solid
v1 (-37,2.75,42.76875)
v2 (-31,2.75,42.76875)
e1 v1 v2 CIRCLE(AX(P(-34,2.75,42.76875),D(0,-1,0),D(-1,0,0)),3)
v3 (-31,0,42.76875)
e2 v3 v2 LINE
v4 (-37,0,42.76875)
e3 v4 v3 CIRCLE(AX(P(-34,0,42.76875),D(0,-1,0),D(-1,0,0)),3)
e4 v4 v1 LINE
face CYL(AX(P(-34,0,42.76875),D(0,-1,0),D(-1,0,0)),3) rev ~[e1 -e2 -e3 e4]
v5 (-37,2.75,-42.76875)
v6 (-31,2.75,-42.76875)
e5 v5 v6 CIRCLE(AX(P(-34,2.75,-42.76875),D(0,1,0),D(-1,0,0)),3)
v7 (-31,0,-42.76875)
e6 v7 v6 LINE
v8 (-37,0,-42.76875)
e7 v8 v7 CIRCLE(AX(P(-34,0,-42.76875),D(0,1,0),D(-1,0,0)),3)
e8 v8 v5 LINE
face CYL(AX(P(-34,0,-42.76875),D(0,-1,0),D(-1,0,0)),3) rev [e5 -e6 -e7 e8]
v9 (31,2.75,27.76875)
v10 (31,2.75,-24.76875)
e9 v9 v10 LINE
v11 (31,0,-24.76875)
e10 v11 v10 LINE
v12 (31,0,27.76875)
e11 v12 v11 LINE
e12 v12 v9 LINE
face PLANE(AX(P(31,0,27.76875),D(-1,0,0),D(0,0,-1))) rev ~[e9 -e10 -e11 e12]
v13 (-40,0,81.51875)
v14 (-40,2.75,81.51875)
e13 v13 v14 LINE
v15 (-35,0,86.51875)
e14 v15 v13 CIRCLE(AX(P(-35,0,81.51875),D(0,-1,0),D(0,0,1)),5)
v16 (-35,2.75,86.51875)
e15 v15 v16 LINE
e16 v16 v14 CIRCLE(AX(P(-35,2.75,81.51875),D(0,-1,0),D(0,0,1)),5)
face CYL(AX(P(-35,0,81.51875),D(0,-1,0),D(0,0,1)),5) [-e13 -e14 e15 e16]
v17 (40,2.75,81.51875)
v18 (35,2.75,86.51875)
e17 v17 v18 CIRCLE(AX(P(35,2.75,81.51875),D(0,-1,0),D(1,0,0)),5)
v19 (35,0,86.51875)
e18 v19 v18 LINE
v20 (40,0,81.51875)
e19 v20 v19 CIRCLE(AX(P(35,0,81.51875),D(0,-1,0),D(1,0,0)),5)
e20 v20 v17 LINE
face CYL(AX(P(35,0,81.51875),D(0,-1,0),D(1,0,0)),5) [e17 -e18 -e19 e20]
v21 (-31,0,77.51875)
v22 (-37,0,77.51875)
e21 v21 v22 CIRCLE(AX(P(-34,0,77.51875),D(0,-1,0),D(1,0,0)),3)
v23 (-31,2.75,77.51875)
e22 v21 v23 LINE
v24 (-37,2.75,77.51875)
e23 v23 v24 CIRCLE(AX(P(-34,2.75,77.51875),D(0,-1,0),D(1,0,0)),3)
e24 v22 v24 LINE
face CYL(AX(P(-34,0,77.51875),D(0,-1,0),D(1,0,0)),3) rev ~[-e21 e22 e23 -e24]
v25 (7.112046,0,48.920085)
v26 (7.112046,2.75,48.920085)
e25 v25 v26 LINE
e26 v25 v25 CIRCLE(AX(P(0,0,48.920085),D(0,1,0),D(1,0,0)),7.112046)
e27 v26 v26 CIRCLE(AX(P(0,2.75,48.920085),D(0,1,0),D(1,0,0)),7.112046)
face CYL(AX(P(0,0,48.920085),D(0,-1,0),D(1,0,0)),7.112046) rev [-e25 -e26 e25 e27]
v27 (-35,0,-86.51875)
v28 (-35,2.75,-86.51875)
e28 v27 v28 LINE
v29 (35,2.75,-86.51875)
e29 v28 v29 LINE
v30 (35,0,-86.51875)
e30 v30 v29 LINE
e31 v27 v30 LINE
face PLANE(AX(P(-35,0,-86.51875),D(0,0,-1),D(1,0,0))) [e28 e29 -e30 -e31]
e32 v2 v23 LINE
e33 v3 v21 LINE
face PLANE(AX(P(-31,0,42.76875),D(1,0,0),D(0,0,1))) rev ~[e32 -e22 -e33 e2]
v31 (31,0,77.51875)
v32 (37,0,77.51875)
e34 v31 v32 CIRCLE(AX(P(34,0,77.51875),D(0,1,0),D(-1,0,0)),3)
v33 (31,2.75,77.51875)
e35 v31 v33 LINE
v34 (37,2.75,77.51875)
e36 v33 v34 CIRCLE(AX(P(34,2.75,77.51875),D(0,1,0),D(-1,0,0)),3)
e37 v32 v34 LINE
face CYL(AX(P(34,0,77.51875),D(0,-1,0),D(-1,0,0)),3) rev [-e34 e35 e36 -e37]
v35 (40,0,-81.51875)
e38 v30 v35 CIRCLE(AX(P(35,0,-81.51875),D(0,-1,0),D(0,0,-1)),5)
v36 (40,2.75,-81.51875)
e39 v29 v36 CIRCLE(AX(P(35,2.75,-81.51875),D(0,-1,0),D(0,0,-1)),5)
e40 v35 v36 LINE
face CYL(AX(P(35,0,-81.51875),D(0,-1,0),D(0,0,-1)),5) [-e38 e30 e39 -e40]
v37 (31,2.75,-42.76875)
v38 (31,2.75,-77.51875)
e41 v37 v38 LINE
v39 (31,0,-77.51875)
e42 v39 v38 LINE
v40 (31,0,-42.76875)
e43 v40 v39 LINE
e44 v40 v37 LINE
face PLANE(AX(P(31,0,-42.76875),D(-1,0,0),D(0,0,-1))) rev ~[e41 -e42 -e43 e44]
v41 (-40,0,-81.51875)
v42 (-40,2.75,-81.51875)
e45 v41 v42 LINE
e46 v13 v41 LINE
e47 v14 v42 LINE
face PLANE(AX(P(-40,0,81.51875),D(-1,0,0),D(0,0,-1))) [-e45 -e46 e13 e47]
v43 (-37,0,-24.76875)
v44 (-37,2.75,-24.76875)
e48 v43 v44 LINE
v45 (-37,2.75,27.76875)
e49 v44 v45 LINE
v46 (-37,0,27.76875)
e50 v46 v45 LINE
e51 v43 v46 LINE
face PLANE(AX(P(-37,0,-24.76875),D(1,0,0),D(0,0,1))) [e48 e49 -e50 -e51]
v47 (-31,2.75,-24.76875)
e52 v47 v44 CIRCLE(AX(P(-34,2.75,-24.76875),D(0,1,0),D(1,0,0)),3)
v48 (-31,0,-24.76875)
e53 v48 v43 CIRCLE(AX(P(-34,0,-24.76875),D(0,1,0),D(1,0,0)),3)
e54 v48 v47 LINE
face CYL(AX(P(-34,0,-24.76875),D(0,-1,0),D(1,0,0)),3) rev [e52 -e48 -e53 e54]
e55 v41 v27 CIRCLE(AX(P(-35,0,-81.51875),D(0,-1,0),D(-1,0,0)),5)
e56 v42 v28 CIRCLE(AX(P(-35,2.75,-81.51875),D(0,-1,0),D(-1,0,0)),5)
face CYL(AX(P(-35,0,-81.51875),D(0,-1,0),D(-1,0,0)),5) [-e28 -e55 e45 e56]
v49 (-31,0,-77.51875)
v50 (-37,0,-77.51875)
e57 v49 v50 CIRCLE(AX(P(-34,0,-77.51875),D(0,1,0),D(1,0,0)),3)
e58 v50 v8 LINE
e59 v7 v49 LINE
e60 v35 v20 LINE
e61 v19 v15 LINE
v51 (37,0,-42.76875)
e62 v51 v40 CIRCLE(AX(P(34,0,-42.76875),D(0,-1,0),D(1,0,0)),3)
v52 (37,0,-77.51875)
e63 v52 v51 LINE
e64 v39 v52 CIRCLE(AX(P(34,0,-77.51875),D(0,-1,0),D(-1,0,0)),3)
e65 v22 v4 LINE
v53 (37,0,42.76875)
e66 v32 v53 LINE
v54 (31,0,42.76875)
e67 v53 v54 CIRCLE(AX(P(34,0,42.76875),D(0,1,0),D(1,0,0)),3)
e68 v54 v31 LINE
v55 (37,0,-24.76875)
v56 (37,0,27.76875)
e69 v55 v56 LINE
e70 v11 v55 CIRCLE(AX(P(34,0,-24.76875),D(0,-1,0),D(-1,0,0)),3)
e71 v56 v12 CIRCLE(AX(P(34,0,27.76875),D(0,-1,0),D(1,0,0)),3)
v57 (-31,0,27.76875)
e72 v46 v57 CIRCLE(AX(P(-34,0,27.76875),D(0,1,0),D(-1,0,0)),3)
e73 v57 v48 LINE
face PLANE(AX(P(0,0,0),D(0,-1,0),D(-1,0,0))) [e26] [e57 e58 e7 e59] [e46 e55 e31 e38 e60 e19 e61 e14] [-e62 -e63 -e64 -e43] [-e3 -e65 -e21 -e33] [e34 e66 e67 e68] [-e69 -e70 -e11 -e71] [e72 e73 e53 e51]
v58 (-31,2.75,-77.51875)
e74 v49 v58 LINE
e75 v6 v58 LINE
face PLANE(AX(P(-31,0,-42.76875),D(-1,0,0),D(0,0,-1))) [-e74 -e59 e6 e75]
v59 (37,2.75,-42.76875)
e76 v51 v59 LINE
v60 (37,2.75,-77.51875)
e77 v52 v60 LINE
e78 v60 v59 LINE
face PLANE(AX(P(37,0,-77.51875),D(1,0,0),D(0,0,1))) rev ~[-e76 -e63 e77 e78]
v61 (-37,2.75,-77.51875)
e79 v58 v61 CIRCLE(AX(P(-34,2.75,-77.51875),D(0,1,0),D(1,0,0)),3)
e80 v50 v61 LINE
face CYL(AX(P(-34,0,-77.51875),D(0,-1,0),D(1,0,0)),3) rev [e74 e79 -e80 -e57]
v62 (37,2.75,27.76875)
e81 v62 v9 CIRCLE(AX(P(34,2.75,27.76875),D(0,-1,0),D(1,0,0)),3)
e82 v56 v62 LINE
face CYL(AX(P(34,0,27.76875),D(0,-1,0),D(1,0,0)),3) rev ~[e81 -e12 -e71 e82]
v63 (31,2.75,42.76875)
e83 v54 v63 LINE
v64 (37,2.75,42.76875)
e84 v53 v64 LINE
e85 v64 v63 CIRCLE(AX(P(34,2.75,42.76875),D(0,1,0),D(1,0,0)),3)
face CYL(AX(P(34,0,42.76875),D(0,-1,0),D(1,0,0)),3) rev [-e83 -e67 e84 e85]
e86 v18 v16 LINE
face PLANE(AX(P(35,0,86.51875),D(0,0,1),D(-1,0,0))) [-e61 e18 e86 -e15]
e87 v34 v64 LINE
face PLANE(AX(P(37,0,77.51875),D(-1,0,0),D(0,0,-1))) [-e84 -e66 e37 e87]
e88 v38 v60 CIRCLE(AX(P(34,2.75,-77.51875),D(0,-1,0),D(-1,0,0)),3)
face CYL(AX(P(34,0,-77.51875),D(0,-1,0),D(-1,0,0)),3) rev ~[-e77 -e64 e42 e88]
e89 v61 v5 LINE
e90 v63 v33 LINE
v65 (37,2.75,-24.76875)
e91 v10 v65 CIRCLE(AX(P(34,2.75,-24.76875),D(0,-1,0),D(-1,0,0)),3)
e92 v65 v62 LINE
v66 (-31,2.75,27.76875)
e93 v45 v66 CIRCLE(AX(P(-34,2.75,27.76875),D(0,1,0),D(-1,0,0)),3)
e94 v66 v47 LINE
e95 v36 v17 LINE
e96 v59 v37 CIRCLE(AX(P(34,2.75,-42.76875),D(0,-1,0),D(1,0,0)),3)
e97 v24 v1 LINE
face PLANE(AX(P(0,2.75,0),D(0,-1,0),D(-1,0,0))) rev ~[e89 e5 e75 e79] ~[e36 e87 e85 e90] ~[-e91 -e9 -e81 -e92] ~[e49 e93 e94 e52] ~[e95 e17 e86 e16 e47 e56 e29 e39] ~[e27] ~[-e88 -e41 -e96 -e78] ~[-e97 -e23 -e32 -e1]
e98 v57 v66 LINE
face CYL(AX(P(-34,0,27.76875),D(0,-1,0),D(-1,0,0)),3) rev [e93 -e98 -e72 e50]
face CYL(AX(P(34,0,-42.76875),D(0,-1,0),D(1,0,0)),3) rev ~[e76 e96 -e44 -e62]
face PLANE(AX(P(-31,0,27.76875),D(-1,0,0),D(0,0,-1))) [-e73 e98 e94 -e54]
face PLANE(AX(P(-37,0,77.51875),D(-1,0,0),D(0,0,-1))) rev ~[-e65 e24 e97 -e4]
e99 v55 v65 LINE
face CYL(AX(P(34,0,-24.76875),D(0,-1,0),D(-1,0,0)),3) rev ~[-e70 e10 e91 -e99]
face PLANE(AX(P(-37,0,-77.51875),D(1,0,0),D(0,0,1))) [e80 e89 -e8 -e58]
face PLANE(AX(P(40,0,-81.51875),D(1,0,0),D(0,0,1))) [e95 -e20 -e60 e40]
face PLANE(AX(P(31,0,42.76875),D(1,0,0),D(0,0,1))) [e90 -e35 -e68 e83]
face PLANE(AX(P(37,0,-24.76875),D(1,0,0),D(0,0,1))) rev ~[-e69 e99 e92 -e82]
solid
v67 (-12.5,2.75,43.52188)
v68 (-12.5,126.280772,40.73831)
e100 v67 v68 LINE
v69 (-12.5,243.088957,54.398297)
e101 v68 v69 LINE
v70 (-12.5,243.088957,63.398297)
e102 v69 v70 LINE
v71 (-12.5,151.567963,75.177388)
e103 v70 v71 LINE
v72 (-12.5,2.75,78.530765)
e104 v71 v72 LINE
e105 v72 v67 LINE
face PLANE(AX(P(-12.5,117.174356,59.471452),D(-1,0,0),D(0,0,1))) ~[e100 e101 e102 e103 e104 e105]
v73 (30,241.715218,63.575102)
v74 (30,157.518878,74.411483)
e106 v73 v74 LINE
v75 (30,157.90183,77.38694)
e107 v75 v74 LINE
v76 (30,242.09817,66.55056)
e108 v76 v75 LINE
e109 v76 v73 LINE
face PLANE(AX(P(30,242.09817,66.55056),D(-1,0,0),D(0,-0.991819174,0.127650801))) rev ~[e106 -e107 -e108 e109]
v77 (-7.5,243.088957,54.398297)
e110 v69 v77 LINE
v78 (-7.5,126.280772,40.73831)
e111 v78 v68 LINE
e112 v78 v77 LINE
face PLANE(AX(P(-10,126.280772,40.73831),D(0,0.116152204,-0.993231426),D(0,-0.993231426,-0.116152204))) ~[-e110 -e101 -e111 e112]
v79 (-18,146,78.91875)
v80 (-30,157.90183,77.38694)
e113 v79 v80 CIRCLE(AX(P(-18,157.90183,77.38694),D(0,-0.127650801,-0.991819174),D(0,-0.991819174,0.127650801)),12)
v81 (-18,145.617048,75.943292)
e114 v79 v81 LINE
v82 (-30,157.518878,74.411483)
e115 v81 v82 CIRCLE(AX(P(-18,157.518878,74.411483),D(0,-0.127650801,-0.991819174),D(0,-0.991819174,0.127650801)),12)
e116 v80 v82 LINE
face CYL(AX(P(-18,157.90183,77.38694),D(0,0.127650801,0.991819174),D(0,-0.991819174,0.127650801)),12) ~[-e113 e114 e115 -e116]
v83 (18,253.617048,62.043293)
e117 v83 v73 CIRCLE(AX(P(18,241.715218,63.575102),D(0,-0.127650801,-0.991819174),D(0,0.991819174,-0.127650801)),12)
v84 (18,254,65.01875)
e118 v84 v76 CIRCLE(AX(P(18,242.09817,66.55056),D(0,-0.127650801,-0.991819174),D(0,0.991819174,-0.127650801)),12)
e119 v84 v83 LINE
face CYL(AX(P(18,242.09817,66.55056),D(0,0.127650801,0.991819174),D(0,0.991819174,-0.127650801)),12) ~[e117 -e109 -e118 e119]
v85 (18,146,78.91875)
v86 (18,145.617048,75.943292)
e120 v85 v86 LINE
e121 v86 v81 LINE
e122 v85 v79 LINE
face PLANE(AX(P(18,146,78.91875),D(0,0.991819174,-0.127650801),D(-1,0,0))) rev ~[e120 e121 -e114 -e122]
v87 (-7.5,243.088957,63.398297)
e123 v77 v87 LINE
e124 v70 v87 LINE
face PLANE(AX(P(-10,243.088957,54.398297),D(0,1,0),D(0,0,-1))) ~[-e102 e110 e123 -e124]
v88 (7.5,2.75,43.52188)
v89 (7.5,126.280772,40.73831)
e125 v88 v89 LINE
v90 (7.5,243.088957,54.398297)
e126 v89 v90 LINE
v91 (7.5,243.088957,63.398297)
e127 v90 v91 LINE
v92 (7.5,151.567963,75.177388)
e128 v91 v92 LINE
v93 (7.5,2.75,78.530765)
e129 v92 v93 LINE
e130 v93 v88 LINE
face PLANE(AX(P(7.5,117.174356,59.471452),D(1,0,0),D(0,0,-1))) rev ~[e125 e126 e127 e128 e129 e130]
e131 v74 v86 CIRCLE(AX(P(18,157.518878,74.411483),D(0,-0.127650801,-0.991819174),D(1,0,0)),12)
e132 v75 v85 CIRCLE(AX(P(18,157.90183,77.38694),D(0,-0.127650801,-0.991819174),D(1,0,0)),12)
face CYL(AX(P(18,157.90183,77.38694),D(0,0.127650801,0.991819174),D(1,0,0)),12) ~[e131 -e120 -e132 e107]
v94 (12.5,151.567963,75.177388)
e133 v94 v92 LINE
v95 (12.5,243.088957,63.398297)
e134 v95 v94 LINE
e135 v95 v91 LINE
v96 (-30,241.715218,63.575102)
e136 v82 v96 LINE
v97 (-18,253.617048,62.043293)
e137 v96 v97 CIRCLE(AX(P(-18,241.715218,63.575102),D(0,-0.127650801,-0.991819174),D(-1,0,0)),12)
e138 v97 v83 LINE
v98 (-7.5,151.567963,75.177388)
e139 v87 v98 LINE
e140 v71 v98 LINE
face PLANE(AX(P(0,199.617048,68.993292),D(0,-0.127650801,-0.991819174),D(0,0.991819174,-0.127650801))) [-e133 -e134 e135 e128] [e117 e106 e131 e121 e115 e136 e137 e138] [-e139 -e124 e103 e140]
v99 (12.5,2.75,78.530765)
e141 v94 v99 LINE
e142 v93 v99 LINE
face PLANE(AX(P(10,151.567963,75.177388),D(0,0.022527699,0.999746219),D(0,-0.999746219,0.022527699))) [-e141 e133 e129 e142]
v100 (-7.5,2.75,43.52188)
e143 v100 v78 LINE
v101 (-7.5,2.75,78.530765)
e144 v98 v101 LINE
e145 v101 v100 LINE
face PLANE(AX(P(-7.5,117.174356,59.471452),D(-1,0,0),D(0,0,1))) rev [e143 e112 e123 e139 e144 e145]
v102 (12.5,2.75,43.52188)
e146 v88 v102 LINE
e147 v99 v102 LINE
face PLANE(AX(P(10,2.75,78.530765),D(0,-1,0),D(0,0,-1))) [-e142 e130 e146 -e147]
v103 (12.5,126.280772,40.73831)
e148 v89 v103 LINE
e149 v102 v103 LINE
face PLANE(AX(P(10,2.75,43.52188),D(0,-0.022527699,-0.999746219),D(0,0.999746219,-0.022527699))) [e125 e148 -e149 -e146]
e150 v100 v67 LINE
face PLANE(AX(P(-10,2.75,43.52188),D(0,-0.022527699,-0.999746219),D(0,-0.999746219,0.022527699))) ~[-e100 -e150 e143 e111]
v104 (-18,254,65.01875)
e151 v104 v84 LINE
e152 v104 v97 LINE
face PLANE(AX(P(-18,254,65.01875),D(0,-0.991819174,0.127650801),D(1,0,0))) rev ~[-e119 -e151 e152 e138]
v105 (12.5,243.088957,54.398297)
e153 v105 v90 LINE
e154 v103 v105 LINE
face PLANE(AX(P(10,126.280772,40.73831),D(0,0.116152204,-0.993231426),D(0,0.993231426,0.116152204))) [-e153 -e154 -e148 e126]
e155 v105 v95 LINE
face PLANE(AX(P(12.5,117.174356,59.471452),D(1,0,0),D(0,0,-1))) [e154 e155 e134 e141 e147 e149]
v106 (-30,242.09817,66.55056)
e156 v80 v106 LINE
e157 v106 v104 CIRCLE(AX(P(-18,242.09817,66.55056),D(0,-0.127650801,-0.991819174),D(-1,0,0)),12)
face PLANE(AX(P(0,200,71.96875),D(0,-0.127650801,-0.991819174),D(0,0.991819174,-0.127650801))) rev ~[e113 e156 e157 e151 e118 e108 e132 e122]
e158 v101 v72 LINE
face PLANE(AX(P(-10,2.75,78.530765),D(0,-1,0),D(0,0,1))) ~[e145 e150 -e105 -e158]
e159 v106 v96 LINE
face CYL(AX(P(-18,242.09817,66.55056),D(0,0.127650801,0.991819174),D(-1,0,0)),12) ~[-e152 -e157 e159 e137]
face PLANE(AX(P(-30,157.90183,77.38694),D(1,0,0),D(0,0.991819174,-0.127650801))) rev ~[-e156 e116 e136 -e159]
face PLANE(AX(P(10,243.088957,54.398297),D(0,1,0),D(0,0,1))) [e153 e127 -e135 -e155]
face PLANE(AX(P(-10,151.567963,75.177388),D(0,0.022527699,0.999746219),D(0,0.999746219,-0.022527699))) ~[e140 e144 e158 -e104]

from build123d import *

# Parameters (mm, degrees)
SKETCH1_R           = 7.112045721
BOSS_EXTRUDE1_DEPTH = 2.75
BOSS_EXTRUDE2_DEPTH = 3
BOSS_EXTRUDE3_DEPTH = 2.5


with BuildPart() as part:
    # Sketch1 → Boss-Extrude1 (new body)
    with BuildSketch(Plane(origin=(0, 0, 0), x_dir=(1, 0, 0), z_dir=(0, 1, 0))):
        with BuildLine():
            Line((-35, 86.51875), (35, 86.51875))
            ThreePointArc((35, 86.51875), (38.535533906, 85.054283906), (40, 81.51875))
            Line((40, 81.51875), (40, -81.51875))
            ThreePointArc((40, -81.51875), (38.535533906, -85.054283906), (35, -86.51875))
            Line((35, -86.51875), (-35, -86.51875))
            ThreePointArc((-35, -86.51875), (-38.535533906, -85.054283906), (-40, -81.51875))
            Line((-40, -81.51875), (-40, 81.51875))
            ThreePointArc((-40, 81.51875), (-38.535533906, 85.054283906), (-35, 86.51875))
        make_face()
        with Locations((0, -48.920084539)):
            Circle(SKETCH1_R, mode=Mode.SUBTRACT)
        with BuildLine():
            Line((37, 77.51875), (37, 42.76875))
            ThreePointArc((37, 42.76875), (34, 39.76875), (31, 42.76875))
            Line((31, 42.76875), (31, 77.51875))
            ThreePointArc((31, 77.51875), (34, 80.51875), (37, 77.51875))
        make_face(mode=Mode.SUBTRACT)
        with BuildLine():
            Line((-37, 77.51875), (-37, 42.76875))
            ThreePointArc((-37, 42.76875), (-34, 39.76875), (-31, 42.76875))
            Line((-31, 42.76875), (-31, 77.51875))
            ThreePointArc((-31, 77.51875), (-34, 80.51875), (-37, 77.51875))
        make_face(mode=Mode.SUBTRACT)
        with BuildLine():
            Line((37, -77.51875), (37, -42.76875))
            ThreePointArc((37, -42.76875), (34, -39.76875), (31, -42.76875))
            Line((31, -42.76875), (31, -77.51875))
            ThreePointArc((31, -77.51875), (34, -80.51875), (37, -77.51875))
        make_face(mode=Mode.SUBTRACT)
        with BuildLine():
            Line((-37, -77.51875), (-37, -42.76875))
            ThreePointArc((-37, -42.76875), (-34, -39.76875), (-31, -42.76875))
            Line((-31, -42.76875), (-31, -77.51875))
            ThreePointArc((-31, -77.51875), (-34, -80.51875), (-37, -77.51875))
        make_face(mode=Mode.SUBTRACT)
        with BuildLine():
            Line((37, 24.76875), (37, -27.76875))
            ThreePointArc((37, -27.76875), (34, -30.76875), (31, -27.76875))
            Line((31, -27.76875), (31, 24.76875))
            ThreePointArc((31, 24.76875), (34, 27.76875), (37, 24.76875))
        make_face(mode=Mode.SUBTRACT)
        with BuildLine():
            Line((-37, 24.76875), (-37, -27.76875))
            ThreePointArc((-37, -27.76875), (-34, -30.76875), (-31, -27.76875))
            Line((-31, -27.76875), (-31, 24.76875))
            ThreePointArc((-31, 24.76875), (-34, 27.76875), (-37, 24.76875))
        make_face(mode=Mode.SUBTRACT)
    extrude(amount=BOSS_EXTRUDE1_DEPTH)


with BuildPart() as body_2:
    # Sketch3 → Boss-Extrude2 (new body)
    with BuildSketch(Plane(origin=(0, 12.370657811, 96.117341263), x_dir=(0, -0.991819174, 0.127650801), z_dir=(0, 0.127650801, 0.991819174))):
        with BuildLine():
            Line((-231.622374558, 30), (-146.731557682, 30))
            ThreePointArc((-146.731557682, 30), (-138.246276308, 26.485281374), (-134.731557682, 18))
            Line((-134.731557682, 18), (-134.731557682, -18))
            ThreePointArc((-134.731557682, -18), (-138.246276308, -26.485281374), (-146.731557682, -30))
            Line((-146.731557682, -30), (-231.622374558, -30))
            ThreePointArc((-231.622374558, -30), (-240.107655932, -26.485281374), (-243.622374558, -18))
            Line((-243.622374558, -18), (-243.622374558, 18))
            ThreePointArc((-243.622374558, 18), (-240.107655932, 26.485281374), (-231.622374558, 30))
        make_face()
    extrude(amount=-BOSS_EXTRUDE2_DEPTH)

    # Sketch4 → Boss-Extrude3 (add, symmetric)
    with BuildSketch(Plane(origin=(10, 0, 0), x_dir=(0, 0, -1), z_dir=(1, 0, 0))):
        Polygon((-75.177387673, 151.567962638), (-78.530764988, 2.75), (-43.521880404, 2.75), (-40.738309922, 126.280771894), (-54.39829674, 243.088956939), (-63.39829674, 243.088956939), align=None)
    boss_extrude3 = extrude(amount=BOSS_EXTRUDE3_DEPTH, both=True)

    # Mirror2: Boss-Extrude3 across plane
    add(boss_extrude3.mirror(Plane(origin=(0, 0, 0), x_dir=(0, 0, 1), z_dir=(1, 0, 0))))


solid = Compound([part.part, body_2.part])
